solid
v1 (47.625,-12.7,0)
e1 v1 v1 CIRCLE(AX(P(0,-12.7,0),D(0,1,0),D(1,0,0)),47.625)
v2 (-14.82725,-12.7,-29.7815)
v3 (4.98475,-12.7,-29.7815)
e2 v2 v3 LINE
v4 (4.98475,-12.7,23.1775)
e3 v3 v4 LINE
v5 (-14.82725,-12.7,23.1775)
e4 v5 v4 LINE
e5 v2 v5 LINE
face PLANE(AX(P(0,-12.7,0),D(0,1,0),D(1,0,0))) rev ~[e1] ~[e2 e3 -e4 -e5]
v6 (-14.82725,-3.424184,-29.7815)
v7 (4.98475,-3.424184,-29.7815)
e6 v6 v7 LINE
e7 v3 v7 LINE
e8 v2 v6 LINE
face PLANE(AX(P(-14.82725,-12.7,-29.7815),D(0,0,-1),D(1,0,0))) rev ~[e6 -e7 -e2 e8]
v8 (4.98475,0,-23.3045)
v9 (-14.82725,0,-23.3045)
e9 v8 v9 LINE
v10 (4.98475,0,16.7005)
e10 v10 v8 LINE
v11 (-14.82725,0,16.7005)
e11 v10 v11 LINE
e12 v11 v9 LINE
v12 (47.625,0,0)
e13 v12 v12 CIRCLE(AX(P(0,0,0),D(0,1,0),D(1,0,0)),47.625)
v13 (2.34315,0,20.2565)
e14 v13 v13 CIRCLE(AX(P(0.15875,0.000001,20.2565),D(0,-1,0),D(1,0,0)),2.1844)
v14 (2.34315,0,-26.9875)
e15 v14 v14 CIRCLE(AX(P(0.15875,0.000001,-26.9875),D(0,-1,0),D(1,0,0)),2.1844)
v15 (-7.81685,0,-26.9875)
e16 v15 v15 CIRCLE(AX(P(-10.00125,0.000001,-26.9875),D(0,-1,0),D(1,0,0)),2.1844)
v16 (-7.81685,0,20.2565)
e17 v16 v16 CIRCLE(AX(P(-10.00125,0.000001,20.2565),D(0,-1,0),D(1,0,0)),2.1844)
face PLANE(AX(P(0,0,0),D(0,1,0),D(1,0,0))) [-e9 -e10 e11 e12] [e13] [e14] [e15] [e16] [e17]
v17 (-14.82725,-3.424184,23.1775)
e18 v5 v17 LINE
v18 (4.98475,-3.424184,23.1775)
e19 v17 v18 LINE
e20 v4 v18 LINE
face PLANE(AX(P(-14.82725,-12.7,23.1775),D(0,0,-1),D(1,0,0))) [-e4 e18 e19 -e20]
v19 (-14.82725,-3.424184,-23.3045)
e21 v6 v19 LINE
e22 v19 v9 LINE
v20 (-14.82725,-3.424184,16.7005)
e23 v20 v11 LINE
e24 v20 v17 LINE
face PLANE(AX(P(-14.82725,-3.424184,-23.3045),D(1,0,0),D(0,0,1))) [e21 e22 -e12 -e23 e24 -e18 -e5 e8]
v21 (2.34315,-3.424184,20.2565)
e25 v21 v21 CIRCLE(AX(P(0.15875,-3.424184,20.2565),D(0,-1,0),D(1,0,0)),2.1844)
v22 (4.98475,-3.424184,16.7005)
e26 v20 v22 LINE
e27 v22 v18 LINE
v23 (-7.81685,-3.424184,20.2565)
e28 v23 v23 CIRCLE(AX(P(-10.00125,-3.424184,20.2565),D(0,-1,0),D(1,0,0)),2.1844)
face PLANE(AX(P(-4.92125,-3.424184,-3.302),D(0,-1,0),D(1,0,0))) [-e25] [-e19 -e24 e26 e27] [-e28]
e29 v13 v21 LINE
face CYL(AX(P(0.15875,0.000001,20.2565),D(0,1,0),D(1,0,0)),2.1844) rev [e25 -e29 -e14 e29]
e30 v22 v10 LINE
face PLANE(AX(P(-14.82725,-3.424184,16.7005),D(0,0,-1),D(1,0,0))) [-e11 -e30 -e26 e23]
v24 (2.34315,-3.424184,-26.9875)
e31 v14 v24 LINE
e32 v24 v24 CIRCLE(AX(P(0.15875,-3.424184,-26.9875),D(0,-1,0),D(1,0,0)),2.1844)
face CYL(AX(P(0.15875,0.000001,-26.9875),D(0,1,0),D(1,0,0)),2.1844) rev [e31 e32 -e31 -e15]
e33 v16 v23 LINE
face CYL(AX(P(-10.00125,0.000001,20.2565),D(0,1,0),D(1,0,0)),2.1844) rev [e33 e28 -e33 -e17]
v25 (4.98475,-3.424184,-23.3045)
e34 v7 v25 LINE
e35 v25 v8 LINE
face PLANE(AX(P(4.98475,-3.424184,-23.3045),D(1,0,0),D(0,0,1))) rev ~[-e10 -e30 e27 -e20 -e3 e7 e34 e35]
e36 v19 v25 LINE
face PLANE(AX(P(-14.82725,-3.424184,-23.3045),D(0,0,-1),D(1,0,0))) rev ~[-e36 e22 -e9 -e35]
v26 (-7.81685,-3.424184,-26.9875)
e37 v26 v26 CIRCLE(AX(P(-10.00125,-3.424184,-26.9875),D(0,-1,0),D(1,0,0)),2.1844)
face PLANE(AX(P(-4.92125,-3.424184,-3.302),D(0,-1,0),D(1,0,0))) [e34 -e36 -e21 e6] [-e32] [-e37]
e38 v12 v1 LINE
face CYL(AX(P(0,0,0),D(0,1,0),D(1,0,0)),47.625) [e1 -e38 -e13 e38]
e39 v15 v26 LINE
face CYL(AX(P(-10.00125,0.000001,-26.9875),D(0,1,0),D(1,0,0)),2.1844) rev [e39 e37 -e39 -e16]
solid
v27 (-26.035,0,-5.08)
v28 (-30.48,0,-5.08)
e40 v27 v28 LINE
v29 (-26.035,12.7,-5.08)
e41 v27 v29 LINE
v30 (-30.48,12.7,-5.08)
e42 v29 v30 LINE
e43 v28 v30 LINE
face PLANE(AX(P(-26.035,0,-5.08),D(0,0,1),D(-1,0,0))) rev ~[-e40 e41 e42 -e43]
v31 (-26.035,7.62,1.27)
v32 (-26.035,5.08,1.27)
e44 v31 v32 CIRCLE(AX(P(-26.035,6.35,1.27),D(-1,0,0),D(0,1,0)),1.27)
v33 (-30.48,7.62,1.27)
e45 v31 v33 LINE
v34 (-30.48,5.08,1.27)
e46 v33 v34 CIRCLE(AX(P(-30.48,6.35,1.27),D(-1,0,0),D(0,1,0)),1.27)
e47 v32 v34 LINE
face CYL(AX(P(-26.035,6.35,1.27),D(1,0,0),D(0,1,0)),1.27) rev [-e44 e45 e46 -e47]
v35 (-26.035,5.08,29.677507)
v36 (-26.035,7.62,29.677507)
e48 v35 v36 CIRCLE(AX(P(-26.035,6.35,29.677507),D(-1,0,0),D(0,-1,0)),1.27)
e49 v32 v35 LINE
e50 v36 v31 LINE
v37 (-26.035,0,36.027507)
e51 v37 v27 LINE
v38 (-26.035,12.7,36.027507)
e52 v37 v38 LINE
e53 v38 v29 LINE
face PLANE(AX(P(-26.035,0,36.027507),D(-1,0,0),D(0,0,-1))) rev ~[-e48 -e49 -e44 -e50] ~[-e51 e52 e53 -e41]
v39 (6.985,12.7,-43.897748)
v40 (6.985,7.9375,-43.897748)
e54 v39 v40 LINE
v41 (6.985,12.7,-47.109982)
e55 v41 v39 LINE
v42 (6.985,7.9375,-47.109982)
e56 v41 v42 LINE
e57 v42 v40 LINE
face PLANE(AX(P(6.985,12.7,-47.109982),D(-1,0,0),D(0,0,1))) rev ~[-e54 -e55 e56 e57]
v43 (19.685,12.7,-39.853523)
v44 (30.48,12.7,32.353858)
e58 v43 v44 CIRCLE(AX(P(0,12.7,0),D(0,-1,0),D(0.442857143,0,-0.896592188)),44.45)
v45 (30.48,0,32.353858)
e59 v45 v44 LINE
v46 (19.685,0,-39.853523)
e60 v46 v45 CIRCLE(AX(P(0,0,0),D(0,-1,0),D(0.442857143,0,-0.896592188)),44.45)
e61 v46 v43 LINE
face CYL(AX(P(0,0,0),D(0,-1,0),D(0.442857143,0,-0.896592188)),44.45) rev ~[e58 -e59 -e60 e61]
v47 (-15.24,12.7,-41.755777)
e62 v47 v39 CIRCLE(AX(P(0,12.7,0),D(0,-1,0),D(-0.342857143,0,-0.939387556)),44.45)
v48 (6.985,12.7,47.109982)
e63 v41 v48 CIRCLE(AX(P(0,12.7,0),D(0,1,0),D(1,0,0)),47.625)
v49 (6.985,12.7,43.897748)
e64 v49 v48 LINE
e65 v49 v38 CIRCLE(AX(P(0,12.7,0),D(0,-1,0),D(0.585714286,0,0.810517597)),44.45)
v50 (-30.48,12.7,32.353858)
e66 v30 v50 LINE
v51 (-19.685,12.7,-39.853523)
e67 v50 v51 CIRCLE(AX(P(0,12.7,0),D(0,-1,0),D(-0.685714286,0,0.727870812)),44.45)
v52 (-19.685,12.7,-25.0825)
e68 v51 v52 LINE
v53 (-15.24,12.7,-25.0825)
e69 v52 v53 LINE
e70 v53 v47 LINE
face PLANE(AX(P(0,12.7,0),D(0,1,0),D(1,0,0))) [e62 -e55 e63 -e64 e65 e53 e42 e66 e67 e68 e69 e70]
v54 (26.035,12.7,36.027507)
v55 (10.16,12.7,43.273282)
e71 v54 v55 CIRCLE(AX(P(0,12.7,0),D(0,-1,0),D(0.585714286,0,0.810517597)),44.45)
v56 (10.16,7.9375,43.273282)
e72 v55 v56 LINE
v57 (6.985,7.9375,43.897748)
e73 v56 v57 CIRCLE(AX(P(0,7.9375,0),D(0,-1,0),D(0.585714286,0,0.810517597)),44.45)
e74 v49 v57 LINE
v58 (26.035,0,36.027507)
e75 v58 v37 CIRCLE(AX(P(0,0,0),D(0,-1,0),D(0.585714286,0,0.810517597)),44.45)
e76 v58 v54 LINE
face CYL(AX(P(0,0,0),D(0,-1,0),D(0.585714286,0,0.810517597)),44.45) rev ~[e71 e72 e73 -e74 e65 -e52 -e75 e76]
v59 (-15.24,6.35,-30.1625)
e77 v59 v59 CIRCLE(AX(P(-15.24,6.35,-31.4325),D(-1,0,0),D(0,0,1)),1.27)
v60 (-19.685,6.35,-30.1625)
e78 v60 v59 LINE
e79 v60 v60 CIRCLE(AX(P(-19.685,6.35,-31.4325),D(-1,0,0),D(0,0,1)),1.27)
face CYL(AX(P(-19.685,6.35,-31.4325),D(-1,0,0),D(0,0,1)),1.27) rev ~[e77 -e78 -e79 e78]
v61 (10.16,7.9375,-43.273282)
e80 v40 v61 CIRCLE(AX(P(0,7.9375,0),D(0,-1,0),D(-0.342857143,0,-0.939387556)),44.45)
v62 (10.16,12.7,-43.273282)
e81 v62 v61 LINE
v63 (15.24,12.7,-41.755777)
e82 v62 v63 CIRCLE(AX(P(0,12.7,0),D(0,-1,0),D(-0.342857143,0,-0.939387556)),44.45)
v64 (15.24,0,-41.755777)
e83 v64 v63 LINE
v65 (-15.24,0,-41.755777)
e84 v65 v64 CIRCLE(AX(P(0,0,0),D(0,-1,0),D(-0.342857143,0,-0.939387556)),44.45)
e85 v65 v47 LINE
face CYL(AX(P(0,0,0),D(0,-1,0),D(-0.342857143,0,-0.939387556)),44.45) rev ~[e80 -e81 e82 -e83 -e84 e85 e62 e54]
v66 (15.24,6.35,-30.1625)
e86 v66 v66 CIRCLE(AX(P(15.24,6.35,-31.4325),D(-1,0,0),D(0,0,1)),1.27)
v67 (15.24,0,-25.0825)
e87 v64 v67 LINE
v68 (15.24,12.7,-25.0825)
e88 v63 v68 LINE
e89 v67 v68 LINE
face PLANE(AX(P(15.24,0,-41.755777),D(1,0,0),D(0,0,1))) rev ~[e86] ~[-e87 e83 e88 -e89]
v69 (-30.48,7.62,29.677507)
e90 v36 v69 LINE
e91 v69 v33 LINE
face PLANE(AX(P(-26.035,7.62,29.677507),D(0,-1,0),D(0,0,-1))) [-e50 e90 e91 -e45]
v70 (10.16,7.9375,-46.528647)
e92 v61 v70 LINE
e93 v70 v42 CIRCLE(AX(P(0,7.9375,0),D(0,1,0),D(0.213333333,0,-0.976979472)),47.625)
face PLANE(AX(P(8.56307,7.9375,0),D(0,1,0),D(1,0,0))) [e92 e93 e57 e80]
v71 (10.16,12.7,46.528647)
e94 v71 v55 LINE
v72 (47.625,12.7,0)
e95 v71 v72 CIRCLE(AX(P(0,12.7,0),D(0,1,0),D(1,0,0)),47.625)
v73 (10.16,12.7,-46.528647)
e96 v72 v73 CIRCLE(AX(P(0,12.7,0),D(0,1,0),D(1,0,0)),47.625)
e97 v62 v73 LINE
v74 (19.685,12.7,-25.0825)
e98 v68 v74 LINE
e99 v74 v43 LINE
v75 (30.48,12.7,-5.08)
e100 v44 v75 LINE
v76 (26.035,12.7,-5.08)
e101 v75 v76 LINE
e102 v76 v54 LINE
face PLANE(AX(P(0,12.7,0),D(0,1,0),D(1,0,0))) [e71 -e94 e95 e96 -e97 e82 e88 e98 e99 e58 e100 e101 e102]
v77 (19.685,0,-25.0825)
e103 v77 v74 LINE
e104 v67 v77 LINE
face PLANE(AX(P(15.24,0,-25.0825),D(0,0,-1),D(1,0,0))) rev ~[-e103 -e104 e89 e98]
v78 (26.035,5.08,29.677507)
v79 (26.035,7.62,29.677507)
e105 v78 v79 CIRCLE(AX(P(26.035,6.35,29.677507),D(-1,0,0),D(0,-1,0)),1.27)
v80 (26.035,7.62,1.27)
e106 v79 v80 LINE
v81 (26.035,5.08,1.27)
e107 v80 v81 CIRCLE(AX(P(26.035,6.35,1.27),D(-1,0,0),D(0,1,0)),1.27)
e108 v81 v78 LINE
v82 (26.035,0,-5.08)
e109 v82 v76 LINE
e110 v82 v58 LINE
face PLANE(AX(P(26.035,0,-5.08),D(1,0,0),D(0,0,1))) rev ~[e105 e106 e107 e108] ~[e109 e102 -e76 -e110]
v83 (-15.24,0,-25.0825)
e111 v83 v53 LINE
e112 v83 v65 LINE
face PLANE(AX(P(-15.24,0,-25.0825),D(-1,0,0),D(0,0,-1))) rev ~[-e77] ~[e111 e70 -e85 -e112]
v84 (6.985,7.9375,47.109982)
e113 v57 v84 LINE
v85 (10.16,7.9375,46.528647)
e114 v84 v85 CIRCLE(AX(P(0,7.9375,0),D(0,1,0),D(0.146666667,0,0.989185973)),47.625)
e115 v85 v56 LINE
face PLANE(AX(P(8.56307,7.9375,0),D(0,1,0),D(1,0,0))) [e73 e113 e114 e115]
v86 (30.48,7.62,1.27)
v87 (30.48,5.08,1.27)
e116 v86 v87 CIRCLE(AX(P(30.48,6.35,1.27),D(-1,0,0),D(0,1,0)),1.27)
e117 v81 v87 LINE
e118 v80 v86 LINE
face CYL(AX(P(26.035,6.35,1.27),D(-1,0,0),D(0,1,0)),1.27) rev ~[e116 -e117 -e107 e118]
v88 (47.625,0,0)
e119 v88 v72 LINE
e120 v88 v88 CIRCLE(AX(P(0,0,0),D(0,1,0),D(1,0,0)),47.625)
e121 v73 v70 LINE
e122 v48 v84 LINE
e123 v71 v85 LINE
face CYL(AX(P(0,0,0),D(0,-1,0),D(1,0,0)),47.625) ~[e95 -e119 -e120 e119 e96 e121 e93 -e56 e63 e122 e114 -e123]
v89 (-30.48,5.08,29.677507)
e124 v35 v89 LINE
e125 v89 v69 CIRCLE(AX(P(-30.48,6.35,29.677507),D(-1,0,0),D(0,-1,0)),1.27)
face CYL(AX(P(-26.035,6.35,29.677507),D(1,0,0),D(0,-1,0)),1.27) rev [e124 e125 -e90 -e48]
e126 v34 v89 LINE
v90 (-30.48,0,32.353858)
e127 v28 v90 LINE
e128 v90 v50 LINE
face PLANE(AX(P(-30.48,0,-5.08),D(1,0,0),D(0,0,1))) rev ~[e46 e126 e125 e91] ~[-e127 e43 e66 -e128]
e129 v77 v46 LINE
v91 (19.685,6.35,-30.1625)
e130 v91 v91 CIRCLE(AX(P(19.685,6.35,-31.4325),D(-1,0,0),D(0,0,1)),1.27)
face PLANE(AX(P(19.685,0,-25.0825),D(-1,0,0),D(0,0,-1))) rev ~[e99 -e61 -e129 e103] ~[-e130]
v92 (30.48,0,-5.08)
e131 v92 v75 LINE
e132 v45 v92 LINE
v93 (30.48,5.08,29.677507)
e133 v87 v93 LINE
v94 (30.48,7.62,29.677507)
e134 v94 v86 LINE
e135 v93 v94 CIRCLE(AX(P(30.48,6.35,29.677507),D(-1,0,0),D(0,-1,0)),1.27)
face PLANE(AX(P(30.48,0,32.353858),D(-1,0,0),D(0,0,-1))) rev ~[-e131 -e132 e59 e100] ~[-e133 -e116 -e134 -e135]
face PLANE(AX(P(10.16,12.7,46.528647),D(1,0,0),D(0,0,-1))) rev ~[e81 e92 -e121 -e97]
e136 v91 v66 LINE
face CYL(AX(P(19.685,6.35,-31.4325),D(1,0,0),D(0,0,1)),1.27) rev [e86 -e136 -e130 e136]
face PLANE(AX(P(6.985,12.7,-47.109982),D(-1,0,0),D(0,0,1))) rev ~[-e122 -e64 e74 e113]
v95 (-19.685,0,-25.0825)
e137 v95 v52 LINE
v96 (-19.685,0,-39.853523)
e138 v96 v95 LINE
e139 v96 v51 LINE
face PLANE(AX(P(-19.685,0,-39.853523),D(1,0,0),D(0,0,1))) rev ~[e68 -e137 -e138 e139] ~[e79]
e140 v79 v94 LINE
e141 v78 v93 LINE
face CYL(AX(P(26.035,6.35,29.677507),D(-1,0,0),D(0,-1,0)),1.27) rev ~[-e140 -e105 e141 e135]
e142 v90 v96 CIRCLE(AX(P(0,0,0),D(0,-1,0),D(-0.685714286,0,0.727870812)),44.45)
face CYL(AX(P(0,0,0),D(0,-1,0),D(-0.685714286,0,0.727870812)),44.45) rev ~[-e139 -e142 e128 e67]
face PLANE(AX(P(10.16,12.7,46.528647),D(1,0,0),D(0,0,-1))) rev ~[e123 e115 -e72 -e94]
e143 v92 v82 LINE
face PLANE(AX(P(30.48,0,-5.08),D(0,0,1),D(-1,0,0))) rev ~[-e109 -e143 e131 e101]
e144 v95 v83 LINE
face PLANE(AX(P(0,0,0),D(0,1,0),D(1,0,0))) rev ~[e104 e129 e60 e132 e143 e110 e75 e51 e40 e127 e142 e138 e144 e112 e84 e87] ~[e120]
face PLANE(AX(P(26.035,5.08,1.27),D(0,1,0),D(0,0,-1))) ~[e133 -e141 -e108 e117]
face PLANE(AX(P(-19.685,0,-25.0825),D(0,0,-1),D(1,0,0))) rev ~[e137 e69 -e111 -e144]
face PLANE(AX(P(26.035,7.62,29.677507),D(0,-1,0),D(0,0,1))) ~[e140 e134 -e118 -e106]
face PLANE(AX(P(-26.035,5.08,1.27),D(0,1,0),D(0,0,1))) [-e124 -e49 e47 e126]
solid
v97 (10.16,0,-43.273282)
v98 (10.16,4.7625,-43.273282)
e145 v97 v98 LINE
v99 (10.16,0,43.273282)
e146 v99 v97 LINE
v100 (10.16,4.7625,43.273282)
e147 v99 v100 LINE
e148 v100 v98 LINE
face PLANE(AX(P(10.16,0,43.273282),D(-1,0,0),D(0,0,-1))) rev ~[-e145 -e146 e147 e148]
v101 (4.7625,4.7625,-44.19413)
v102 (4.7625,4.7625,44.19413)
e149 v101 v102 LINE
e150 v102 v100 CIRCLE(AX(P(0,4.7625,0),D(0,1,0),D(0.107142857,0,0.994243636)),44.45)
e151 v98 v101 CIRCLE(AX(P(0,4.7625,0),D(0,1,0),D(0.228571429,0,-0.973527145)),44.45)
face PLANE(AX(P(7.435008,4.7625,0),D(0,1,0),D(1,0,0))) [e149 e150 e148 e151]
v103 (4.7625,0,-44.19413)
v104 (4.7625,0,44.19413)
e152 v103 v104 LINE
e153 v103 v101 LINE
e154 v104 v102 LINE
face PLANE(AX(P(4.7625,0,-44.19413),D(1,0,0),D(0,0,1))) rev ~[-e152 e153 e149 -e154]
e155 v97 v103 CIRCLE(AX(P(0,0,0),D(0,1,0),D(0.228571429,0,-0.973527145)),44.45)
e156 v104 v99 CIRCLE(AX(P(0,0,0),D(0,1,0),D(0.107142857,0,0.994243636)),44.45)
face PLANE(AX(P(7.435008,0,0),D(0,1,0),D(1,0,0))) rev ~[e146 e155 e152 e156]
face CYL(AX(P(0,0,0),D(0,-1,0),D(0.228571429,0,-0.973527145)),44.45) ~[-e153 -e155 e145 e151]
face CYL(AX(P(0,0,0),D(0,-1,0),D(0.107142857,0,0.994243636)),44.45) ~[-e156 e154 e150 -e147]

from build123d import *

# Parameters (mm, degrees)
SKETCH1_R           = 47.625
BOSS_EXTRUDE1_DEPTH = 12.7
SKETCH2_R           = 47.625
BOSS_EXTRUDE4_DEPTH = 12.7
CUT_EXTRUDE8_START  = -34.925
SKETCH8_R           = 1.27
CUT_EXTRUDE8_DEPTH  = 4.445
CUT_EXTRUDE15_DEPTH = 4.445
BOSS_EXTRUDE5_DEPTH = 4.7625
CUT_EXTRUDE10_DEPTH = 4.7625
SKETCH14_W          = 19.812
SKETCH14_H          = 52.959
CUT_EXTRUDE11_DEPTH = 9.275815586
SKETCH15_W          = 19.812
SKETCH15_H          = 40.005
CUT_EXTRUDE12_DEPTH = 8.186684
CUT_EXTRUDE13_START = -3.424185
SKETCH16_R          = 2.1844
CUT_EXTRUDE13_DEPTH = 3.424185


with BuildPart() as part:
    # Sketch1 → Boss-Extrude1 (new body)
    with BuildSketch(Plane(origin=(0, 0, 0), x_dir=(1, 0, 0), z_dir=(0, 1, 0))):
        Circle(SKETCH1_R)
    extrude(amount=-BOSS_EXTRUDE1_DEPTH)

    # Sketch14 → Cut-Extrude11 (cut)
    with BuildSketch(Plane.XZ.offset(12.7)):
        with Locations((-4.92125, -3.302)):
            Rectangle(SKETCH14_W, SKETCH14_H)
    extrude(amount=-CUT_EXTRUDE11_DEPTH, mode=Mode.SUBTRACT)

    # Sketch15 → Cut-Extrude12 (cut)
    with BuildSketch(Plane.XZ.offset(3.424184414)):
        with Locations((-4.92125, -3.302)):
            Rectangle(SKETCH15_W, SKETCH15_H)
    extrude(amount=-CUT_EXTRUDE12_DEPTH, mode=Mode.SUBTRACT)

    # Sketch16 → Cut-Extrude13 (cut)
    with BuildSketch(Plane.XZ.offset(3.424184414).offset(CUT_EXTRUDE13_START)):
        with Locations((-10.00125, -26.9875)):
            Circle(SKETCH16_R)
        with Locations((0.15875, -26.9875)):
            Circle(SKETCH16_R)
        with Locations((-10.00125, 20.2565)):
            Circle(SKETCH16_R)
        with Locations((0.15875, 20.2565)):
            Circle(SKETCH16_R)
    extrude(amount=CUT_EXTRUDE13_DEPTH, mode=Mode.SUBTRACT)


with BuildPart() as body_2:
    # Sketch2 → Boss-Extrude4 (new body)
    with BuildSketch(Plane(origin=(0, 0, 0), x_dir=(1, 0, 0), z_dir=(0, 1, 0))):
        Circle(SKETCH2_R)
        with BuildLine():
            Line((30.48, 5.08), (26.035, 5.08))
            Line((26.035, 5.08), (26.035, -36.027507199))
            ThreePointArc((26.035, -36.027507199), (0, -44.45), (-26.035, -36.027507199))
            Line((-26.035, -36.027507199), (-26.035, 5.08))
            Line((-26.035, 5.08), (-30.48, 5.08))
            Line((-30.48, 5.08), (-30.48, -32.353857575))
            ThreePointArc((-30.48, -32.353857575), (-43.961440483, 6.572233308), (-19.685, 39.853522743))
            Line((-19.685, 39.853522743), (-19.685, 25.0825))
            Line((-19.685, 25.0825), (-15.24, 25.0825))
            Line((-15.24, 25.0825), (-15.24, 41.755776846))
            ThreePointArc((-15.24, 41.755776846), (0, 44.45), (15.24, 41.755776846))
            Line((15.24, 41.755776846), (15.24, 25.0825))
            Line((15.24, 25.0825), (19.685, 25.0825))
            Line((19.685, 25.0825), (19.685, 39.853522743))
            ThreePointArc((19.685, 39.853522743), (43.961440483, 6.572233308), (30.48, -32.353857575))
            Line((30.48, -32.353857575), (30.48, 5.08))
        make_face(mode=Mode.SUBTRACT)
    extrude(amount=BOSS_EXTRUDE4_DEPTH)

    # Sketch8 → Cut-Extrude8 (cut)
    with BuildSketch(Plane.ZY.offset(15.24).offset(CUT_EXTRUDE8_START)):
        with Locations((-31.4325, 6.35)):
            Circle(SKETCH8_R)
    cut_extrude8 = extrude(amount=CUT_EXTRUDE8_DEPTH, mode=Mode.SUBTRACT)

    # Sketch17 → Cut-Extrude15 (cut)
    with BuildSketch(Plane(origin=(-26.035, 0, 0), x_dir=(0, 0, -1), z_dir=(1, 0, 0))):
        with BuildLine():
            Line((-29.677507199, 7.62), (-1.27, 7.62))
            ThreePointArc((-1.27, 7.62), (0, 6.35), (-1.27, 5.08))
            Line((-1.27, 5.08), (-29.677507199, 5.08))
            ThreePointArc((-29.677507199, 5.08), (-30.947507199, 6.35), (-29.677507199, 7.62))
        make_face()
    cut_extrude15 = extrude(amount=-CUT_EXTRUDE15_DEPTH, mode=Mode.SUBTRACT)

    # Mirror4: Cut-Extrude8, Cut-Extrude15 across plane
    add(cut_extrude8.mirror(Plane(origin=(0, 0, 0), x_dir=(0, 0, 1), z_dir=(1, 0, 0))), mode=Mode.SUBTRACT)
    add(cut_extrude15.mirror(Plane(origin=(0, 0, 0), x_dir=(0, 0, 1), z_dir=(1, 0, 0))), mode=Mode.SUBTRACT)

    # Sketch12 → Cut-Extrude10 (cut)
    with BuildSketch(Plane(origin=(0, 12.7, 0), x_dir=(1, 0, 0), z_dir=(0, 1, 0))):
        with BuildLine():
            Line((10.16, -46.528647358), (10.16, 46.528647358))
            ThreePointArc((10.16, 46.528647358), (8.577426405, 46.846220565), (6.985, 47.109981957))
            Line((6.985, 47.109981957), (6.985, -47.109981957))
            ThreePointArc((6.985, -47.109981957), (8.577426405, -46.846220565), (10.16, -46.528647358))
        make_face()
    extrude(amount=-CUT_EXTRUDE10_DEPTH, mode=Mode.SUBTRACT)


with BuildPart() as body_3:
    # Sketch10 → Boss-Extrude5 (new body)
    with BuildSketch(Plane(origin=(0, 0, 0), x_dir=(1, 0, 0), z_dir=(0, 1, 0))):
        with BuildLine():
            ThreePointArc((4.7625, -44.19412963), (7.475442585, -43.816894666), (10.16, -43.273281595))
            Line((10.16, -43.273281595), (10.16, 43.273281595))
            ThreePointArc((10.16, 43.273281595), (7.475442585, 43.816894666), (4.7625, 44.19412963))
            Line((4.7625, 44.19412963), (4.7625, -44.19412963))
        make_face()
    extrude(amount=BOSS_EXTRUDE5_DEPTH)


solid = Compound([part.part, body_2.part, body_3.part])
